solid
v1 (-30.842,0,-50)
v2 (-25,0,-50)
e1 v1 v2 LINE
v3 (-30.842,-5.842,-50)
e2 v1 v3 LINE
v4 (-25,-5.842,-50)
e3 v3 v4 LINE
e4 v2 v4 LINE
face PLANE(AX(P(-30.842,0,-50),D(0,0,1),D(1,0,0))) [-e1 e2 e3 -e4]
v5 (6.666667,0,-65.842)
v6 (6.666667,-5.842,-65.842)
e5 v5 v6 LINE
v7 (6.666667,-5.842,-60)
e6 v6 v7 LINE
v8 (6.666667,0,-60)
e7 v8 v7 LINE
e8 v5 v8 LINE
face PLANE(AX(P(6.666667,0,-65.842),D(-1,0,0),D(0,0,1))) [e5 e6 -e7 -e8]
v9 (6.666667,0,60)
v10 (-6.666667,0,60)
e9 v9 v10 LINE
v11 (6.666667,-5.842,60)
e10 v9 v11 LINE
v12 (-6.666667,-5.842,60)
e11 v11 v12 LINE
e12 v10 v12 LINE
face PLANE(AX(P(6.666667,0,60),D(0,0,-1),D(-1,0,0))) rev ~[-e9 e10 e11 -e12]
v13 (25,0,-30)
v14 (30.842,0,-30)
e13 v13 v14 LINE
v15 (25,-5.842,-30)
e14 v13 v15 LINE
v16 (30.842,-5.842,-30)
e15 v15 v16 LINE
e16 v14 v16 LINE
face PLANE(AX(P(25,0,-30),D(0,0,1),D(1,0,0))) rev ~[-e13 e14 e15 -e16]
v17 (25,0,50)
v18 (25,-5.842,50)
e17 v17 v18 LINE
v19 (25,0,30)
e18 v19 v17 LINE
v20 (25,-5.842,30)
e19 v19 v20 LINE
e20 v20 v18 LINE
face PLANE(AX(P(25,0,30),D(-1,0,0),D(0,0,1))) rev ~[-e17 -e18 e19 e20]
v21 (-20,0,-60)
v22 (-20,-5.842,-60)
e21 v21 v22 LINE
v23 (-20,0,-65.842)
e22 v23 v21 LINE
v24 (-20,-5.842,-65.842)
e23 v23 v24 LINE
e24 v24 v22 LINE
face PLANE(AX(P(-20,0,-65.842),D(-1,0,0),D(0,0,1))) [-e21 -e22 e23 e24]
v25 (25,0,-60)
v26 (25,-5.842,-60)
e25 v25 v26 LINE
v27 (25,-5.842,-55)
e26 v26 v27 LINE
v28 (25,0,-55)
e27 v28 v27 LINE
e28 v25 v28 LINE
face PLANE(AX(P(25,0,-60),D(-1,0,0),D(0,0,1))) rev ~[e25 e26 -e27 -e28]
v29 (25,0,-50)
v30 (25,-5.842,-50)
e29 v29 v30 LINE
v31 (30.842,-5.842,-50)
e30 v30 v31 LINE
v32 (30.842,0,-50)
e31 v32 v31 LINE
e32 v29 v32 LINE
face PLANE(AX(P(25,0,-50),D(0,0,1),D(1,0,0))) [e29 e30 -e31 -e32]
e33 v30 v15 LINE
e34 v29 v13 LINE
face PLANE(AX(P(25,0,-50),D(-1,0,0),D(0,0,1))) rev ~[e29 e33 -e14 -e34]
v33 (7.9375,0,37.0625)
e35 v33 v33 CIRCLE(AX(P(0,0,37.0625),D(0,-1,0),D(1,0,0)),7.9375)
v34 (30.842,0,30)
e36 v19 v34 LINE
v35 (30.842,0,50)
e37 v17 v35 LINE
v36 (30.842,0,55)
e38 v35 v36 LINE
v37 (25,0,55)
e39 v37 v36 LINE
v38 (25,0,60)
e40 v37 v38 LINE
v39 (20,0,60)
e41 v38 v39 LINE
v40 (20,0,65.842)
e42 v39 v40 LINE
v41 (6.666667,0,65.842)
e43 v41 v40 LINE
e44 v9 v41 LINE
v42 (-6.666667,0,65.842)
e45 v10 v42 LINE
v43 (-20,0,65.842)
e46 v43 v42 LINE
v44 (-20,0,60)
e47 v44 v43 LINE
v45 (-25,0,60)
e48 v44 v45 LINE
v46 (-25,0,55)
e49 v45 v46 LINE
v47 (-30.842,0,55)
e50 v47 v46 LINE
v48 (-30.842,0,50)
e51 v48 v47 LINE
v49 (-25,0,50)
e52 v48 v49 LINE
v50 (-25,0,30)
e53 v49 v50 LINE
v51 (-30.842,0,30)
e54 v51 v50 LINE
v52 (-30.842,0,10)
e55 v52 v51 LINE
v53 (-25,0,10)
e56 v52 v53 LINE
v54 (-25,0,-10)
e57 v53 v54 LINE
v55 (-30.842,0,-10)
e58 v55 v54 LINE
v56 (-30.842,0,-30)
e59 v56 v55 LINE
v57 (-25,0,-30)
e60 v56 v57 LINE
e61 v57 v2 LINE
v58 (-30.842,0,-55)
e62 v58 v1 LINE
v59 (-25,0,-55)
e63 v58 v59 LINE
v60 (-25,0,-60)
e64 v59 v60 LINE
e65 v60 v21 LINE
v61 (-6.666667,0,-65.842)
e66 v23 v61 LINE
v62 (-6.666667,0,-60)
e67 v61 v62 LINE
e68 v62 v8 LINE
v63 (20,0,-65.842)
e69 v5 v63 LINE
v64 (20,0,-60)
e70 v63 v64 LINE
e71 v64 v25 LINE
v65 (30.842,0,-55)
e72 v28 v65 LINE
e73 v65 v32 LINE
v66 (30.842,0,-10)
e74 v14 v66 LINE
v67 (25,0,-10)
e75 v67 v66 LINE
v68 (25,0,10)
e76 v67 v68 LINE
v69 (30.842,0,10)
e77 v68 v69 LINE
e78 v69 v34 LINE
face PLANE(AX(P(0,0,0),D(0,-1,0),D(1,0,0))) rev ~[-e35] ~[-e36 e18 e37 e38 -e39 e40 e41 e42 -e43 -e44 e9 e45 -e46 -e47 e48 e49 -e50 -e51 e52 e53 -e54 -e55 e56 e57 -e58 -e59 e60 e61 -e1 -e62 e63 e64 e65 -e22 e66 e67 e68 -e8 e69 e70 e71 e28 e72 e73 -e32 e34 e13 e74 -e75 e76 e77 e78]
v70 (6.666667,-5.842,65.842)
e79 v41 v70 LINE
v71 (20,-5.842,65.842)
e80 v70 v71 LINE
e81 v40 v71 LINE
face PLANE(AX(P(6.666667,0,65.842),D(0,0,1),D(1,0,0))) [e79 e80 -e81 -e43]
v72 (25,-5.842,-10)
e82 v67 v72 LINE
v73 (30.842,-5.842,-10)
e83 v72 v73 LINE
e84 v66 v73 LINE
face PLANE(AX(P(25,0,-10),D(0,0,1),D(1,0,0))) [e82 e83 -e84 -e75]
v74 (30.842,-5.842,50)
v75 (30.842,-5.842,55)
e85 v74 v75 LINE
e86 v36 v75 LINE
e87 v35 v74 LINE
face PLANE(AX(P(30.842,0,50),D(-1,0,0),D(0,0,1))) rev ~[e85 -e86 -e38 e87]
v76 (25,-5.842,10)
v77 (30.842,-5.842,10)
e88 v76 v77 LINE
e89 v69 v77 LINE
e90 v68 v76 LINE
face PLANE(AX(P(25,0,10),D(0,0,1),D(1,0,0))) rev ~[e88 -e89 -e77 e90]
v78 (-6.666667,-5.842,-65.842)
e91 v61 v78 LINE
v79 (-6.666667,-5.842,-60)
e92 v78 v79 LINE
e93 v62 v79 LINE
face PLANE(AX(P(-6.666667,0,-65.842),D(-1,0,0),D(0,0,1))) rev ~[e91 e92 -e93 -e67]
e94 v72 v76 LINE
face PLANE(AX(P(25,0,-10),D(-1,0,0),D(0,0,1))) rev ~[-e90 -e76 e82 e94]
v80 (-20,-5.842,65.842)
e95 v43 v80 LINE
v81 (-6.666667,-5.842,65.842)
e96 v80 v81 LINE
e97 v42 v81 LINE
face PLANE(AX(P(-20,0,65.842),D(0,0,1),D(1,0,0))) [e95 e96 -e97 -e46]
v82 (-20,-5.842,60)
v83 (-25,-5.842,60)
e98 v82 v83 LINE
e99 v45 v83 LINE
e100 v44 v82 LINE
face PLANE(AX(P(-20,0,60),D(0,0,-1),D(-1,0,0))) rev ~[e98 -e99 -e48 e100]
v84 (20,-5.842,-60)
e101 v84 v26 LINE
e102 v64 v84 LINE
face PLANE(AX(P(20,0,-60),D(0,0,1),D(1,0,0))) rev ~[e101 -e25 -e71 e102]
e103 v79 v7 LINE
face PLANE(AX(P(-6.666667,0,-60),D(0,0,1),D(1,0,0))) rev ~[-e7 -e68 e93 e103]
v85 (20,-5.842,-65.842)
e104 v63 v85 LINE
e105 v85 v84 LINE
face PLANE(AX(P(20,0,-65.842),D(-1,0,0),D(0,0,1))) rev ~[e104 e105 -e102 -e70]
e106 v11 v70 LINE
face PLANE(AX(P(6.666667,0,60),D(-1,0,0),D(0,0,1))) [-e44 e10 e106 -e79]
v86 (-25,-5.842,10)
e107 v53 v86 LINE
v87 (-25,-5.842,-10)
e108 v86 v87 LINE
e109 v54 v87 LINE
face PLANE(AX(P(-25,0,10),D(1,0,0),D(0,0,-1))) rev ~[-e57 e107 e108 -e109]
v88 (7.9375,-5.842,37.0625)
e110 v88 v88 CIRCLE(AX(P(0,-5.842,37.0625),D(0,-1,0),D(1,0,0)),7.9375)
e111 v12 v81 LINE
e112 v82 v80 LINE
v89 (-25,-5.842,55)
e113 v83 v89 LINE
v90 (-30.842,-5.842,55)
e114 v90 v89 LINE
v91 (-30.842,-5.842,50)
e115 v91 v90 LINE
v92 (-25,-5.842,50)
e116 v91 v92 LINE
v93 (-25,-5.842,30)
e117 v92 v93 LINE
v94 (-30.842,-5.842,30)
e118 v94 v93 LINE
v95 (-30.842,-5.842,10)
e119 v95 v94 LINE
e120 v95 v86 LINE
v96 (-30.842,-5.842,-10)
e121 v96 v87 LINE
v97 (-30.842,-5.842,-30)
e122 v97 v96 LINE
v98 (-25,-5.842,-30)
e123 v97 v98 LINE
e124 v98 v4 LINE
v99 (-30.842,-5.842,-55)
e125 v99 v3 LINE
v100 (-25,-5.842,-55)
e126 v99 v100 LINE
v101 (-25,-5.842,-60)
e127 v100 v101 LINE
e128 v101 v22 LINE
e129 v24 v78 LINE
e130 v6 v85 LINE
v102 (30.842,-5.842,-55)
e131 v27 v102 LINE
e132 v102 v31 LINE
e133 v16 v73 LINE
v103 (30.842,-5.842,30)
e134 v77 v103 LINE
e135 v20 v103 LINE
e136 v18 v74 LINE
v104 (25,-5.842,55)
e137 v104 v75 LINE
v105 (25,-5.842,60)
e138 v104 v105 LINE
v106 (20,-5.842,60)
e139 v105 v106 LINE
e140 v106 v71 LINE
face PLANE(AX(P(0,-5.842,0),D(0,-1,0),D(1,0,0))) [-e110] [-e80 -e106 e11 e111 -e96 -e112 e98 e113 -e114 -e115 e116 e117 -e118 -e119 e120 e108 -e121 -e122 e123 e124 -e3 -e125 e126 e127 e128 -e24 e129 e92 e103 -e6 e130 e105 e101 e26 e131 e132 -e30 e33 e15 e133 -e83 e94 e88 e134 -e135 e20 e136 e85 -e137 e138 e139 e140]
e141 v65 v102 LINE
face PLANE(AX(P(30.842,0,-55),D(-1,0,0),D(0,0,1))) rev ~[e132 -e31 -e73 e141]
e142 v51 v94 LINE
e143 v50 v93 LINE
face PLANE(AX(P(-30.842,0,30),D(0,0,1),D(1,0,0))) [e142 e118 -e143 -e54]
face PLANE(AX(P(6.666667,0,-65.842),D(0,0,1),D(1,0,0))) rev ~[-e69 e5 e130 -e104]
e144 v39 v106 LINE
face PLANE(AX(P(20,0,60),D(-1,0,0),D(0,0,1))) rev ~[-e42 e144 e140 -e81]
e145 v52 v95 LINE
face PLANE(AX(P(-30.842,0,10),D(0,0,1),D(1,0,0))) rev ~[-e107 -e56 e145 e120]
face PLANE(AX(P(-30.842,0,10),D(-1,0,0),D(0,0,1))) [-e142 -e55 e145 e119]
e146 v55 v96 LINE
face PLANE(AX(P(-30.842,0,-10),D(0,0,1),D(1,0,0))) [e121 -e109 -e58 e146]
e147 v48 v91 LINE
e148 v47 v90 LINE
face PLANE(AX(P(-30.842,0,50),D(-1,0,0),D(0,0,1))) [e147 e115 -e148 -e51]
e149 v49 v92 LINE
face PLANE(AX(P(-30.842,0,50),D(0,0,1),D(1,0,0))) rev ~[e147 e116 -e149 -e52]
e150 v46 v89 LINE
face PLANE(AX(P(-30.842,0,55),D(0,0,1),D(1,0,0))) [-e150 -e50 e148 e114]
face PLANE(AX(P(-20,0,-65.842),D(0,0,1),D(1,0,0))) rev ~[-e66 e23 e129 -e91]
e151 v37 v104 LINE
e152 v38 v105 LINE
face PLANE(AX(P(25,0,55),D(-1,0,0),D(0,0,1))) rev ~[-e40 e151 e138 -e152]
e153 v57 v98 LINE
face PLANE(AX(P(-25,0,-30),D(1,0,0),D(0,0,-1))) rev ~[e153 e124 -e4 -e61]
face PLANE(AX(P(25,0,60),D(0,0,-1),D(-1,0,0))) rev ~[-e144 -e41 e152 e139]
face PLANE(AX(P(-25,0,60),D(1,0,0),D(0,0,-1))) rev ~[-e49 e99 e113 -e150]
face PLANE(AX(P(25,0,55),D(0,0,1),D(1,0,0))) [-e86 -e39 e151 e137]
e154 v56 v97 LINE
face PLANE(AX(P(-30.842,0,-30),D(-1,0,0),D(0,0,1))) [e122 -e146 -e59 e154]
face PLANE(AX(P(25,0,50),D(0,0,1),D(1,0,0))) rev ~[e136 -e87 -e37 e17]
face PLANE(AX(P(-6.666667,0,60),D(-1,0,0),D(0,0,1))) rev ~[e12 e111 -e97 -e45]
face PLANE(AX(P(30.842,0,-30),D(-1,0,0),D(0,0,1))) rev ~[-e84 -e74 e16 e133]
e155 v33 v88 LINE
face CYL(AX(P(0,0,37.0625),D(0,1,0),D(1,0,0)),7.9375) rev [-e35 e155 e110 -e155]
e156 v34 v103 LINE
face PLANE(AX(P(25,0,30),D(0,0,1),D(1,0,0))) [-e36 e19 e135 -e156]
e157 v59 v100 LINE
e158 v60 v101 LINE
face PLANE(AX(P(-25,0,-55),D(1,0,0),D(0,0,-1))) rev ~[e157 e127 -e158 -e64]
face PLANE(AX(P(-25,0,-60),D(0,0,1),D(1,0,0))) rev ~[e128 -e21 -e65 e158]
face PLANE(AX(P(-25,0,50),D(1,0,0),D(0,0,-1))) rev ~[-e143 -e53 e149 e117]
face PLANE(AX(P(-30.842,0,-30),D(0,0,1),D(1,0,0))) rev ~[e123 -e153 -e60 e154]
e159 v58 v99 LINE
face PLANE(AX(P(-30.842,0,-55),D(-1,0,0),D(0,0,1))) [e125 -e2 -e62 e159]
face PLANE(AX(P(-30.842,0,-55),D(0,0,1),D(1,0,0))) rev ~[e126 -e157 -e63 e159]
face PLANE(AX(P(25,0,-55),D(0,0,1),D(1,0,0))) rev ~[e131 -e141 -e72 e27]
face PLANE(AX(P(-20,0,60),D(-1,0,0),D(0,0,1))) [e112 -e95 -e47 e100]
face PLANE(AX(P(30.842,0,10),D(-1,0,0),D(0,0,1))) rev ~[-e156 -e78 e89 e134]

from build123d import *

# Parameters (mm, degrees)
F0_R     = 7.9375
F0_W     = 13.333333
F0_H     = 5.842
F0_W_2   = 5.842
F0_H_2   = 5
F0_H_3   = 20
F1_DEPTH = 5.842


with BuildPart() as f1:
    # F0 (on Front) → F1 (new body)
    with BuildSketch(Plane.XZ):
        Polygon((-20, 60), (-25, 60), (-25, 55), (-25, 50), (-25, 30), (-25, 10), (-25, -10), (-25, -30), (-25, -50), (-25, -55), (-25, -60), (-20, -60), (-6.666667, -60), (6.666667, -60), (20, -60), (25, -60), (25, -55), (25, -50), (25, -30), (25, -10), (25, 10), (25, 30), (25, 50), (25, 55), (25, 60), (20, 60), (6.666667, 60), (-6.666667, 60), align=None)
        with Locations((0, 37.0625)):
            Circle(F0_R, mode=Mode.SUBTRACT)
        with Locations((-13.333334, 62.921)):
            Rectangle(F0_W, F0_H)
        with Locations((-27.921, 52.5)):
            Rectangle(F0_W_2, F0_H_2)
        with Locations((13.333334, 62.921)):
            Rectangle(F0_W, F0_H)
        with Locations((-27.921, 20)):
            Rectangle(F0_W_2, F0_H_3)
        with Locations((-27.921, -20)):
            Rectangle(F0_W_2, F0_H_3)
        with Locations((27.921, 52.5)):
            Rectangle(F0_W_2, F0_H_2)
        with Locations((-27.921, -52.5)):
            Rectangle(F0_W_2, F0_H_2)
        with Locations((27.921, 20)):
            Rectangle(F0_W_2, F0_H_3)
        with Locations((27.921, -20)):
            Rectangle(F0_W_2, F0_H_3)
        with Locations((-13.333334, -62.921)):
            Rectangle(F0_W, F0_H)
        with Locations((27.921, -52.5)):
            Rectangle(F0_W_2, F0_H_2)
        with Locations((13.333334, -62.921)):
            Rectangle(F0_W, F0_H)
    extrude(amount=F1_DEPTH)


solid = f1.part
